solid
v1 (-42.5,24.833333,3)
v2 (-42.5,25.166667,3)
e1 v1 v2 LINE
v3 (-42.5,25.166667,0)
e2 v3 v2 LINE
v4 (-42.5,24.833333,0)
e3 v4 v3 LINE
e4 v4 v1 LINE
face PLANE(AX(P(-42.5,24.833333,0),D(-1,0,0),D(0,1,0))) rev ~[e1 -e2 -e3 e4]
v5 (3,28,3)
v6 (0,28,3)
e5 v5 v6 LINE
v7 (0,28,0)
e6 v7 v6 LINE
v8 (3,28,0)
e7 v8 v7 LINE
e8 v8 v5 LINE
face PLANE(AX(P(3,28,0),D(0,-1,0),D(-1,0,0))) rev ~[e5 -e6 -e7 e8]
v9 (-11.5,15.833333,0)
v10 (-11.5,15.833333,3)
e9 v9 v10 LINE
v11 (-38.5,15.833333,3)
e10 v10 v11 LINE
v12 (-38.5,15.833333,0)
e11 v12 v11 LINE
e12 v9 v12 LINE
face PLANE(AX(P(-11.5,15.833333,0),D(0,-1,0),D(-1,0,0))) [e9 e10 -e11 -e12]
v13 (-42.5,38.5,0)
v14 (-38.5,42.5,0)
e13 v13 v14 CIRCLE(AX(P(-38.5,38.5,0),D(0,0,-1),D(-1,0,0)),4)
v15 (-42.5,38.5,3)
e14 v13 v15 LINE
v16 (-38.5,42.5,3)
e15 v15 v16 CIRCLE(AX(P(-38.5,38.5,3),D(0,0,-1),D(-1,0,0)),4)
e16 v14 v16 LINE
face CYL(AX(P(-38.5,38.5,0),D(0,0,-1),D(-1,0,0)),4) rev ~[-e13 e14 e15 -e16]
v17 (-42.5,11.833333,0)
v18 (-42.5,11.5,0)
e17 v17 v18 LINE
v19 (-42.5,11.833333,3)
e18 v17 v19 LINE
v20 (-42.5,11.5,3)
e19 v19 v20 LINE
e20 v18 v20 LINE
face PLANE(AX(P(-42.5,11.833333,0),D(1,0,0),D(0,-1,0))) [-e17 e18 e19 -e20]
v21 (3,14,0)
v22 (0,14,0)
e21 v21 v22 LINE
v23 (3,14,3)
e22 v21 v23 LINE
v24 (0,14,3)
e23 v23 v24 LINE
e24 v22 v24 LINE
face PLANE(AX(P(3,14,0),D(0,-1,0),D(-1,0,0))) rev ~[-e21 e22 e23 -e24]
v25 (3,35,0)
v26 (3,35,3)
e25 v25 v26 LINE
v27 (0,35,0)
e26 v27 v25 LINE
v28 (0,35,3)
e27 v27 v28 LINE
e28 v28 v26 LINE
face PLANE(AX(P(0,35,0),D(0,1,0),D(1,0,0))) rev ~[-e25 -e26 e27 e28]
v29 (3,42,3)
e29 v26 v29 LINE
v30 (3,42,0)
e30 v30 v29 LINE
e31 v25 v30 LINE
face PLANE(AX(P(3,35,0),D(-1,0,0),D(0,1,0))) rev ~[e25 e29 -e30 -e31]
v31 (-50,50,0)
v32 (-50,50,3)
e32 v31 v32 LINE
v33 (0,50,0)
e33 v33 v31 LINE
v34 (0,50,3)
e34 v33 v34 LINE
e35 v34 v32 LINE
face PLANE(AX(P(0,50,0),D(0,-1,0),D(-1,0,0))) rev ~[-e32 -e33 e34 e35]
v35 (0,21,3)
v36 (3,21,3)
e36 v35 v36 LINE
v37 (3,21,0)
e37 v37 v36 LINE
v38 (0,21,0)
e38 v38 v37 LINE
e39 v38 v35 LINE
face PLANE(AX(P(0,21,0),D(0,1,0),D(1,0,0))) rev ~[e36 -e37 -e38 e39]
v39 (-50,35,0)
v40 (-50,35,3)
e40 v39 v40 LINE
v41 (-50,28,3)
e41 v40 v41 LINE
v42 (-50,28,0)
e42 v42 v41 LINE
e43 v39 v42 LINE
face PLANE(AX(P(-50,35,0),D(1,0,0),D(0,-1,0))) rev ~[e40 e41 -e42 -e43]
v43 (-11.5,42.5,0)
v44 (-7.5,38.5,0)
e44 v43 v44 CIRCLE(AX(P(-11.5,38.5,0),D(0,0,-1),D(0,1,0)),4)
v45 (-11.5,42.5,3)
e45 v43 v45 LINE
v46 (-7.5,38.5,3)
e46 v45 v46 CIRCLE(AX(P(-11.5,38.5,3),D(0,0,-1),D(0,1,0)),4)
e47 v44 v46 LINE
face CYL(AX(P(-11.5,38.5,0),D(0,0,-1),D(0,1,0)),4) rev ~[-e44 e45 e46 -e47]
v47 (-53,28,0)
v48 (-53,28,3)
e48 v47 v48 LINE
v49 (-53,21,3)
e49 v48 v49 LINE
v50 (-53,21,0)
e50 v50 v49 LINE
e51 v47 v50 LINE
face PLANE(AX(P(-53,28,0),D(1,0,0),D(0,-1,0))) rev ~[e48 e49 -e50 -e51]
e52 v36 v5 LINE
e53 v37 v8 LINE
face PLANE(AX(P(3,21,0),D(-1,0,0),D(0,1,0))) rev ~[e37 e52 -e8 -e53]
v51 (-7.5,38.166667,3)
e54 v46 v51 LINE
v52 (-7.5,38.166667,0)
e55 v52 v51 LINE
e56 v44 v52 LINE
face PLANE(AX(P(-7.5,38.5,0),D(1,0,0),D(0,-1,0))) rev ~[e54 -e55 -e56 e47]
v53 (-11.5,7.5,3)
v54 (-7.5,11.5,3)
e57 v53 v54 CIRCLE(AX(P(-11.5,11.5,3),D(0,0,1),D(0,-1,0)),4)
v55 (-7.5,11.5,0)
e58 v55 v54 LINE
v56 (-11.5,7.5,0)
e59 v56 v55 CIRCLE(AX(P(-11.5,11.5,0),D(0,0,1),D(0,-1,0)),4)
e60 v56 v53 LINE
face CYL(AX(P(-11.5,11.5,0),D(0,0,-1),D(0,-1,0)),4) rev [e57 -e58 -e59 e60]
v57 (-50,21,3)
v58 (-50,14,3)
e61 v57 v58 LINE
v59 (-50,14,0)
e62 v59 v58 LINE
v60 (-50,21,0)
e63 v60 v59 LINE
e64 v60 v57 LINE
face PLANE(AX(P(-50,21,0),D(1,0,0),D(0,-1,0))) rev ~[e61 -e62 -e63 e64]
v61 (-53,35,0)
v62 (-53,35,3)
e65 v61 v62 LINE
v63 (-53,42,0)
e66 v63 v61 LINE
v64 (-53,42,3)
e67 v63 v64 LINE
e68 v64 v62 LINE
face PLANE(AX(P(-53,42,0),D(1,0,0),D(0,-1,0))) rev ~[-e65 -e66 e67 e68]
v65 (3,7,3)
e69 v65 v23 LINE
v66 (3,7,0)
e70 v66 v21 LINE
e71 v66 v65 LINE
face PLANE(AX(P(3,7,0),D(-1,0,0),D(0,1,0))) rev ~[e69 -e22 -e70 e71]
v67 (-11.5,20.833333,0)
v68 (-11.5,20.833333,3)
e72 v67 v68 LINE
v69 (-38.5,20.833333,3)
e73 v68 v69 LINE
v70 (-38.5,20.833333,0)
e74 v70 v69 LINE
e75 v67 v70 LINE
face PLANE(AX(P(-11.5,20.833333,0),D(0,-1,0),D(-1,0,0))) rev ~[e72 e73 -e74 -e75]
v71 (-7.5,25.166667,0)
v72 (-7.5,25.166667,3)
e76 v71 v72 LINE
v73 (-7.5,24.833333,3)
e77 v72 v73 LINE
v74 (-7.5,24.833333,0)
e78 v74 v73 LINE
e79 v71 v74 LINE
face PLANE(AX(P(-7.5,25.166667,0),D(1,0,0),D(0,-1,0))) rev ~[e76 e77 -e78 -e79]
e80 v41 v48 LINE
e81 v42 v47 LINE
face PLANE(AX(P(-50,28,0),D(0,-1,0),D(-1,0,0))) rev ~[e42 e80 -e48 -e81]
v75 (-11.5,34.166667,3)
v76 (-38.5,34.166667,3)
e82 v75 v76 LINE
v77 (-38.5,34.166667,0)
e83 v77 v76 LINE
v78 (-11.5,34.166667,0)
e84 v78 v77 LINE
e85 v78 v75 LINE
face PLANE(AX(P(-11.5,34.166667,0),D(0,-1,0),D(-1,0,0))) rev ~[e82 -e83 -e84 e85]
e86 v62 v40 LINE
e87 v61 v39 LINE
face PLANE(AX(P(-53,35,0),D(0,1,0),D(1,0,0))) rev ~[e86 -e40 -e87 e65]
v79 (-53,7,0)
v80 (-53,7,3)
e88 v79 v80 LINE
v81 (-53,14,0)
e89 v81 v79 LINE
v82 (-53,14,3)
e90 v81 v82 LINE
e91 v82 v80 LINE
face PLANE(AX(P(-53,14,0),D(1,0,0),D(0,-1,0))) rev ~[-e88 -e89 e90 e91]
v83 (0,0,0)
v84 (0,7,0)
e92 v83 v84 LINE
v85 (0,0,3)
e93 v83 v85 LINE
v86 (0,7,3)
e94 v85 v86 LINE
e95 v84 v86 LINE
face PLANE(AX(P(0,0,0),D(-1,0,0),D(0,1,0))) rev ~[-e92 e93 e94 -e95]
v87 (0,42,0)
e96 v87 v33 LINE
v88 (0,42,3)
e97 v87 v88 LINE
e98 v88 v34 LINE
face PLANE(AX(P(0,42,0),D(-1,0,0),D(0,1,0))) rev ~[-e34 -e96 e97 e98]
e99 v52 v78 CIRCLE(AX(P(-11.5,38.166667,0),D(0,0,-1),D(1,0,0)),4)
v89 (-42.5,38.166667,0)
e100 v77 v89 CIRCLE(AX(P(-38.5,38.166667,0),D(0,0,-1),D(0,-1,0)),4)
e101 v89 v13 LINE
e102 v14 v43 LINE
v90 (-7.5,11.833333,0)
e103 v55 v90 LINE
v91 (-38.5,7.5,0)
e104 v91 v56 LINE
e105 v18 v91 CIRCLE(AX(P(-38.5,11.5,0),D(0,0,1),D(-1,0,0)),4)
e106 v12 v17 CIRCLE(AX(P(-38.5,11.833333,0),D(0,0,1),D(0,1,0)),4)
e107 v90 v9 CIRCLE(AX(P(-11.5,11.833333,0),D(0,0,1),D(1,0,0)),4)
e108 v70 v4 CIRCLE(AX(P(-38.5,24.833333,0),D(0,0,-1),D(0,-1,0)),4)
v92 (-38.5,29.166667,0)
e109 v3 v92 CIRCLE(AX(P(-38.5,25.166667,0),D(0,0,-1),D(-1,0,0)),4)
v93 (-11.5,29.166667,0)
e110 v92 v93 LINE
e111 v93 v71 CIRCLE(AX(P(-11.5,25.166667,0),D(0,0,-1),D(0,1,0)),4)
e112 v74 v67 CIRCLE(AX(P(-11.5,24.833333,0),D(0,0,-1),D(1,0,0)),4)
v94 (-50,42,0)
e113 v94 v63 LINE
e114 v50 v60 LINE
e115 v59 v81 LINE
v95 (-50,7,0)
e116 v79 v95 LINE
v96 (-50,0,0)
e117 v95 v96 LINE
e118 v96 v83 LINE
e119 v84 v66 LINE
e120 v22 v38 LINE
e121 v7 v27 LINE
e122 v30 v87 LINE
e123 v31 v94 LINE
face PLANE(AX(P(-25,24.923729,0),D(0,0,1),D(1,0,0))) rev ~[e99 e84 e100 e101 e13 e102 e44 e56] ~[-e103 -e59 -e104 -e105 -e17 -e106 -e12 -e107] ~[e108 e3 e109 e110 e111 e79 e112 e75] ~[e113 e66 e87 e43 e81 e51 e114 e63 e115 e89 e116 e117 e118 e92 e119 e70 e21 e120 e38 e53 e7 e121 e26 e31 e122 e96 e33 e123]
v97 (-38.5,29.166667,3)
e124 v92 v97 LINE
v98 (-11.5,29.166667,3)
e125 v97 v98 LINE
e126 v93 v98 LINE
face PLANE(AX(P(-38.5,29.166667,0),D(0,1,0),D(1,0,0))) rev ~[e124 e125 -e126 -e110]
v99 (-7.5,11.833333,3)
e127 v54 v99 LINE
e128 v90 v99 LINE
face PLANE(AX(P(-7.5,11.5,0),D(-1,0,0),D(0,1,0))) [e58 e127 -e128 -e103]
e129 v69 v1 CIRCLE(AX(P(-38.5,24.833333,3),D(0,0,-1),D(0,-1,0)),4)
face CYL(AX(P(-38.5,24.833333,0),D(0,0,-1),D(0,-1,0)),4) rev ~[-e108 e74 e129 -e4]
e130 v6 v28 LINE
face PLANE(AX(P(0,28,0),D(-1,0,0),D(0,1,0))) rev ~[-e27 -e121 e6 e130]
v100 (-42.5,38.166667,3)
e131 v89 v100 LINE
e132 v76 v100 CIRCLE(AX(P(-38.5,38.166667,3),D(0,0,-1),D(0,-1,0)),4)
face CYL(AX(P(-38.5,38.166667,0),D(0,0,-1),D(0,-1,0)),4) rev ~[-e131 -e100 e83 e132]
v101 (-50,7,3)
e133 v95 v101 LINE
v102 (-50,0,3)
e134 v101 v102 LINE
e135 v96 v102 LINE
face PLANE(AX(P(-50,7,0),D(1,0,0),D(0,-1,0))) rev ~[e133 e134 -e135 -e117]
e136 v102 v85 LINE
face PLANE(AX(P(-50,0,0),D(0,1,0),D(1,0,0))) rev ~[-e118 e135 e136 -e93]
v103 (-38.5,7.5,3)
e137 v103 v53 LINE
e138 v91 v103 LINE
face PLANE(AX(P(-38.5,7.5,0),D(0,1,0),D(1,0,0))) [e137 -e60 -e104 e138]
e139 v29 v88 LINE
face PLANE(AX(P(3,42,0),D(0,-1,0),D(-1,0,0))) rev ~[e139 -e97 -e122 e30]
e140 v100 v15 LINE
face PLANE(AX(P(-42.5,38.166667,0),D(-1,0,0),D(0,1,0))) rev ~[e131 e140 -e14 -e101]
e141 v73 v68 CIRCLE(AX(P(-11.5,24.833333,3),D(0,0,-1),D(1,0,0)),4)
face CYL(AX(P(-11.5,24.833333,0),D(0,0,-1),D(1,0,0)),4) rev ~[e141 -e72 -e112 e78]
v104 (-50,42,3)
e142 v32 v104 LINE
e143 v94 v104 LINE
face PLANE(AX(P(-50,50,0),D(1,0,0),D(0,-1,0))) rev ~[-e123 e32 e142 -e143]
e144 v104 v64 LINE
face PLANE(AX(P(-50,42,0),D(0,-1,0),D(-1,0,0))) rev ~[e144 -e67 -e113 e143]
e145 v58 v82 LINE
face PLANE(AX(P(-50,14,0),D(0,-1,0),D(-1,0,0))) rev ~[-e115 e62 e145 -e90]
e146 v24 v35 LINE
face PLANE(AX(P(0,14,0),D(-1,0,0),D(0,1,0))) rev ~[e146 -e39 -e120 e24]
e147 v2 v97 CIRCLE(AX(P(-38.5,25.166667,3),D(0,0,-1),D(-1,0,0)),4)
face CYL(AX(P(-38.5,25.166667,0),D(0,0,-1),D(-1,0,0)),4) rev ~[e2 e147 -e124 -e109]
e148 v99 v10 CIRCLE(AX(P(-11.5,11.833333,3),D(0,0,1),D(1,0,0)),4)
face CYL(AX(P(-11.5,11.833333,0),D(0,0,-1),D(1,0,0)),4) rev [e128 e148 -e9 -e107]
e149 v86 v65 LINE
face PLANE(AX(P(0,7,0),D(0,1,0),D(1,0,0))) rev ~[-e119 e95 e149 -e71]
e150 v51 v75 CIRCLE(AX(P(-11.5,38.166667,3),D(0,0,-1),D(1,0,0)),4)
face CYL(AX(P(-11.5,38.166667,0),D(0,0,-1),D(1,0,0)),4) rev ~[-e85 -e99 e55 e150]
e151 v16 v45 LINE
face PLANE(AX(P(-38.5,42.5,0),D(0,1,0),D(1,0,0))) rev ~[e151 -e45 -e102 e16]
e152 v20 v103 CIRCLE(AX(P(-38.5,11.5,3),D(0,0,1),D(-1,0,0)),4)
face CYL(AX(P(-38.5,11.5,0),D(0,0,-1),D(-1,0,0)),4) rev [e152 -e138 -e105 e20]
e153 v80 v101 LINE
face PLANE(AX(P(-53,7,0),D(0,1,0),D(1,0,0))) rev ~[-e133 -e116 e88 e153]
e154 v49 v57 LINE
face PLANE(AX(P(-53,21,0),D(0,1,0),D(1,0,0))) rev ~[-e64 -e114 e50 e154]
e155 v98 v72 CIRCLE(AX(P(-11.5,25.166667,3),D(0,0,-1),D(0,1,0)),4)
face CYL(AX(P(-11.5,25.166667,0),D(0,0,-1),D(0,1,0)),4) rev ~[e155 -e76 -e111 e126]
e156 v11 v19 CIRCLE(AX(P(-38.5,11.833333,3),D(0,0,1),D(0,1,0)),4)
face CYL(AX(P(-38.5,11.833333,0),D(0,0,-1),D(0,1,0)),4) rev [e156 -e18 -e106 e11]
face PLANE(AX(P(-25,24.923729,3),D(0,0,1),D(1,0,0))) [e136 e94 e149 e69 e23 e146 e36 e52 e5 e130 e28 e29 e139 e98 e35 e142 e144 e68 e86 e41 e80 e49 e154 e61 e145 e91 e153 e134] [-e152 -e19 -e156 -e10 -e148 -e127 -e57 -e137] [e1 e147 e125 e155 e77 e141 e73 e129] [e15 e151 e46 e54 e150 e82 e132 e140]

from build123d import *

# Parameters (mm, degrees)
BOSS_EXTRUDE1_DEPTH = 3


with BuildPart() as part:
    # Sketch1 → Boss-Extrude1 (new body)
    with BuildSketch(Plane.XY):
        Polygon((0, 0), (0, 7), (3, 7), (3, 14), (0, 14), (0, 21), (3, 21), (3, 28), (0, 28), (0, 35), (3, 35), (3, 42), (0, 42), (0, 50), (-50, 50), (-50, 42), (-53, 42), (-53, 35), (-50, 35), (-50, 28), (-53, 28), (-53, 21), (-50, 21), (-50, 14), (-53, 14), (-53, 7), (-50, 7), (-50, 0), align=None)
        with BuildLine():
            Line((-38.5, 42.5), (-11.5, 42.5))
            ThreePointArc((-11.5, 42.5), (-8.671572875, 41.328427125), (-7.5, 38.5))
            Line((-7.5, 38.5), (-7.5, 38.166666667))
            ThreePointArc((-7.5, 38.166666667), (-8.671572875, 35.338239542), (-11.5, 34.166666667))
            Line((-11.5, 34.166666667), (-38.5, 34.166666667))
            ThreePointArc((-38.5, 34.166666667), (-41.328427125, 35.338239542), (-42.5, 38.166666667))
            Line((-42.5, 38.166666667), (-42.5, 38.5))
            ThreePointArc((-42.5, 38.5), (-41.328427125, 41.328427125), (-38.5, 42.5))
        make_face(mode=Mode.SUBTRACT)
        with BuildLine():
            Line((-38.5, 29.166666667), (-11.5, 29.166666667))
            ThreePointArc((-11.5, 29.166666667), (-8.671572875, 27.995093791), (-7.5, 25.166666667))
            Line((-7.5, 25.166666667), (-7.5, 24.833333333))
            ThreePointArc((-7.5, 24.833333333), (-8.671572875, 22.004906209), (-11.5, 20.833333333))
            Line((-11.5, 20.833333333), (-38.5, 20.833333333))
            ThreePointArc((-38.5, 20.833333333), (-41.328427125, 22.004906209), (-42.5, 24.833333333))
            Line((-42.5, 24.833333333), (-42.5, 25.166666667))
            ThreePointArc((-42.5, 25.166666667), (-41.328427125, 27.995093791), (-38.5, 29.166666667))
        make_face(mode=Mode.SUBTRACT)
        with BuildLine():
            Line((-11.5, 15.833333333), (-38.5, 15.833333333))
            ThreePointArc((-38.5, 15.833333333), (-41.328427125, 14.661760458), (-42.5, 11.833333333))
            Line((-42.5, 11.833333333), (-42.5, 11.5))
            ThreePointArc((-42.5, 11.5), (-41.328427125, 8.671572875), (-38.5, 7.5))
            Line((-38.5, 7.5), (-11.5, 7.5))
            ThreePointArc((-11.5, 7.5), (-8.671572875, 8.671572875), (-7.5, 11.5))
            Line((-7.5, 11.5), (-7.5, 11.833333333))
            ThreePointArc((-7.5, 11.833333333), (-8.671572875, 14.661760458), (-11.5, 15.833333333))
        make_face(mode=Mode.SUBTRACT)
    extrude(amount=BOSS_EXTRUDE1_DEPTH)


solid = part.part
